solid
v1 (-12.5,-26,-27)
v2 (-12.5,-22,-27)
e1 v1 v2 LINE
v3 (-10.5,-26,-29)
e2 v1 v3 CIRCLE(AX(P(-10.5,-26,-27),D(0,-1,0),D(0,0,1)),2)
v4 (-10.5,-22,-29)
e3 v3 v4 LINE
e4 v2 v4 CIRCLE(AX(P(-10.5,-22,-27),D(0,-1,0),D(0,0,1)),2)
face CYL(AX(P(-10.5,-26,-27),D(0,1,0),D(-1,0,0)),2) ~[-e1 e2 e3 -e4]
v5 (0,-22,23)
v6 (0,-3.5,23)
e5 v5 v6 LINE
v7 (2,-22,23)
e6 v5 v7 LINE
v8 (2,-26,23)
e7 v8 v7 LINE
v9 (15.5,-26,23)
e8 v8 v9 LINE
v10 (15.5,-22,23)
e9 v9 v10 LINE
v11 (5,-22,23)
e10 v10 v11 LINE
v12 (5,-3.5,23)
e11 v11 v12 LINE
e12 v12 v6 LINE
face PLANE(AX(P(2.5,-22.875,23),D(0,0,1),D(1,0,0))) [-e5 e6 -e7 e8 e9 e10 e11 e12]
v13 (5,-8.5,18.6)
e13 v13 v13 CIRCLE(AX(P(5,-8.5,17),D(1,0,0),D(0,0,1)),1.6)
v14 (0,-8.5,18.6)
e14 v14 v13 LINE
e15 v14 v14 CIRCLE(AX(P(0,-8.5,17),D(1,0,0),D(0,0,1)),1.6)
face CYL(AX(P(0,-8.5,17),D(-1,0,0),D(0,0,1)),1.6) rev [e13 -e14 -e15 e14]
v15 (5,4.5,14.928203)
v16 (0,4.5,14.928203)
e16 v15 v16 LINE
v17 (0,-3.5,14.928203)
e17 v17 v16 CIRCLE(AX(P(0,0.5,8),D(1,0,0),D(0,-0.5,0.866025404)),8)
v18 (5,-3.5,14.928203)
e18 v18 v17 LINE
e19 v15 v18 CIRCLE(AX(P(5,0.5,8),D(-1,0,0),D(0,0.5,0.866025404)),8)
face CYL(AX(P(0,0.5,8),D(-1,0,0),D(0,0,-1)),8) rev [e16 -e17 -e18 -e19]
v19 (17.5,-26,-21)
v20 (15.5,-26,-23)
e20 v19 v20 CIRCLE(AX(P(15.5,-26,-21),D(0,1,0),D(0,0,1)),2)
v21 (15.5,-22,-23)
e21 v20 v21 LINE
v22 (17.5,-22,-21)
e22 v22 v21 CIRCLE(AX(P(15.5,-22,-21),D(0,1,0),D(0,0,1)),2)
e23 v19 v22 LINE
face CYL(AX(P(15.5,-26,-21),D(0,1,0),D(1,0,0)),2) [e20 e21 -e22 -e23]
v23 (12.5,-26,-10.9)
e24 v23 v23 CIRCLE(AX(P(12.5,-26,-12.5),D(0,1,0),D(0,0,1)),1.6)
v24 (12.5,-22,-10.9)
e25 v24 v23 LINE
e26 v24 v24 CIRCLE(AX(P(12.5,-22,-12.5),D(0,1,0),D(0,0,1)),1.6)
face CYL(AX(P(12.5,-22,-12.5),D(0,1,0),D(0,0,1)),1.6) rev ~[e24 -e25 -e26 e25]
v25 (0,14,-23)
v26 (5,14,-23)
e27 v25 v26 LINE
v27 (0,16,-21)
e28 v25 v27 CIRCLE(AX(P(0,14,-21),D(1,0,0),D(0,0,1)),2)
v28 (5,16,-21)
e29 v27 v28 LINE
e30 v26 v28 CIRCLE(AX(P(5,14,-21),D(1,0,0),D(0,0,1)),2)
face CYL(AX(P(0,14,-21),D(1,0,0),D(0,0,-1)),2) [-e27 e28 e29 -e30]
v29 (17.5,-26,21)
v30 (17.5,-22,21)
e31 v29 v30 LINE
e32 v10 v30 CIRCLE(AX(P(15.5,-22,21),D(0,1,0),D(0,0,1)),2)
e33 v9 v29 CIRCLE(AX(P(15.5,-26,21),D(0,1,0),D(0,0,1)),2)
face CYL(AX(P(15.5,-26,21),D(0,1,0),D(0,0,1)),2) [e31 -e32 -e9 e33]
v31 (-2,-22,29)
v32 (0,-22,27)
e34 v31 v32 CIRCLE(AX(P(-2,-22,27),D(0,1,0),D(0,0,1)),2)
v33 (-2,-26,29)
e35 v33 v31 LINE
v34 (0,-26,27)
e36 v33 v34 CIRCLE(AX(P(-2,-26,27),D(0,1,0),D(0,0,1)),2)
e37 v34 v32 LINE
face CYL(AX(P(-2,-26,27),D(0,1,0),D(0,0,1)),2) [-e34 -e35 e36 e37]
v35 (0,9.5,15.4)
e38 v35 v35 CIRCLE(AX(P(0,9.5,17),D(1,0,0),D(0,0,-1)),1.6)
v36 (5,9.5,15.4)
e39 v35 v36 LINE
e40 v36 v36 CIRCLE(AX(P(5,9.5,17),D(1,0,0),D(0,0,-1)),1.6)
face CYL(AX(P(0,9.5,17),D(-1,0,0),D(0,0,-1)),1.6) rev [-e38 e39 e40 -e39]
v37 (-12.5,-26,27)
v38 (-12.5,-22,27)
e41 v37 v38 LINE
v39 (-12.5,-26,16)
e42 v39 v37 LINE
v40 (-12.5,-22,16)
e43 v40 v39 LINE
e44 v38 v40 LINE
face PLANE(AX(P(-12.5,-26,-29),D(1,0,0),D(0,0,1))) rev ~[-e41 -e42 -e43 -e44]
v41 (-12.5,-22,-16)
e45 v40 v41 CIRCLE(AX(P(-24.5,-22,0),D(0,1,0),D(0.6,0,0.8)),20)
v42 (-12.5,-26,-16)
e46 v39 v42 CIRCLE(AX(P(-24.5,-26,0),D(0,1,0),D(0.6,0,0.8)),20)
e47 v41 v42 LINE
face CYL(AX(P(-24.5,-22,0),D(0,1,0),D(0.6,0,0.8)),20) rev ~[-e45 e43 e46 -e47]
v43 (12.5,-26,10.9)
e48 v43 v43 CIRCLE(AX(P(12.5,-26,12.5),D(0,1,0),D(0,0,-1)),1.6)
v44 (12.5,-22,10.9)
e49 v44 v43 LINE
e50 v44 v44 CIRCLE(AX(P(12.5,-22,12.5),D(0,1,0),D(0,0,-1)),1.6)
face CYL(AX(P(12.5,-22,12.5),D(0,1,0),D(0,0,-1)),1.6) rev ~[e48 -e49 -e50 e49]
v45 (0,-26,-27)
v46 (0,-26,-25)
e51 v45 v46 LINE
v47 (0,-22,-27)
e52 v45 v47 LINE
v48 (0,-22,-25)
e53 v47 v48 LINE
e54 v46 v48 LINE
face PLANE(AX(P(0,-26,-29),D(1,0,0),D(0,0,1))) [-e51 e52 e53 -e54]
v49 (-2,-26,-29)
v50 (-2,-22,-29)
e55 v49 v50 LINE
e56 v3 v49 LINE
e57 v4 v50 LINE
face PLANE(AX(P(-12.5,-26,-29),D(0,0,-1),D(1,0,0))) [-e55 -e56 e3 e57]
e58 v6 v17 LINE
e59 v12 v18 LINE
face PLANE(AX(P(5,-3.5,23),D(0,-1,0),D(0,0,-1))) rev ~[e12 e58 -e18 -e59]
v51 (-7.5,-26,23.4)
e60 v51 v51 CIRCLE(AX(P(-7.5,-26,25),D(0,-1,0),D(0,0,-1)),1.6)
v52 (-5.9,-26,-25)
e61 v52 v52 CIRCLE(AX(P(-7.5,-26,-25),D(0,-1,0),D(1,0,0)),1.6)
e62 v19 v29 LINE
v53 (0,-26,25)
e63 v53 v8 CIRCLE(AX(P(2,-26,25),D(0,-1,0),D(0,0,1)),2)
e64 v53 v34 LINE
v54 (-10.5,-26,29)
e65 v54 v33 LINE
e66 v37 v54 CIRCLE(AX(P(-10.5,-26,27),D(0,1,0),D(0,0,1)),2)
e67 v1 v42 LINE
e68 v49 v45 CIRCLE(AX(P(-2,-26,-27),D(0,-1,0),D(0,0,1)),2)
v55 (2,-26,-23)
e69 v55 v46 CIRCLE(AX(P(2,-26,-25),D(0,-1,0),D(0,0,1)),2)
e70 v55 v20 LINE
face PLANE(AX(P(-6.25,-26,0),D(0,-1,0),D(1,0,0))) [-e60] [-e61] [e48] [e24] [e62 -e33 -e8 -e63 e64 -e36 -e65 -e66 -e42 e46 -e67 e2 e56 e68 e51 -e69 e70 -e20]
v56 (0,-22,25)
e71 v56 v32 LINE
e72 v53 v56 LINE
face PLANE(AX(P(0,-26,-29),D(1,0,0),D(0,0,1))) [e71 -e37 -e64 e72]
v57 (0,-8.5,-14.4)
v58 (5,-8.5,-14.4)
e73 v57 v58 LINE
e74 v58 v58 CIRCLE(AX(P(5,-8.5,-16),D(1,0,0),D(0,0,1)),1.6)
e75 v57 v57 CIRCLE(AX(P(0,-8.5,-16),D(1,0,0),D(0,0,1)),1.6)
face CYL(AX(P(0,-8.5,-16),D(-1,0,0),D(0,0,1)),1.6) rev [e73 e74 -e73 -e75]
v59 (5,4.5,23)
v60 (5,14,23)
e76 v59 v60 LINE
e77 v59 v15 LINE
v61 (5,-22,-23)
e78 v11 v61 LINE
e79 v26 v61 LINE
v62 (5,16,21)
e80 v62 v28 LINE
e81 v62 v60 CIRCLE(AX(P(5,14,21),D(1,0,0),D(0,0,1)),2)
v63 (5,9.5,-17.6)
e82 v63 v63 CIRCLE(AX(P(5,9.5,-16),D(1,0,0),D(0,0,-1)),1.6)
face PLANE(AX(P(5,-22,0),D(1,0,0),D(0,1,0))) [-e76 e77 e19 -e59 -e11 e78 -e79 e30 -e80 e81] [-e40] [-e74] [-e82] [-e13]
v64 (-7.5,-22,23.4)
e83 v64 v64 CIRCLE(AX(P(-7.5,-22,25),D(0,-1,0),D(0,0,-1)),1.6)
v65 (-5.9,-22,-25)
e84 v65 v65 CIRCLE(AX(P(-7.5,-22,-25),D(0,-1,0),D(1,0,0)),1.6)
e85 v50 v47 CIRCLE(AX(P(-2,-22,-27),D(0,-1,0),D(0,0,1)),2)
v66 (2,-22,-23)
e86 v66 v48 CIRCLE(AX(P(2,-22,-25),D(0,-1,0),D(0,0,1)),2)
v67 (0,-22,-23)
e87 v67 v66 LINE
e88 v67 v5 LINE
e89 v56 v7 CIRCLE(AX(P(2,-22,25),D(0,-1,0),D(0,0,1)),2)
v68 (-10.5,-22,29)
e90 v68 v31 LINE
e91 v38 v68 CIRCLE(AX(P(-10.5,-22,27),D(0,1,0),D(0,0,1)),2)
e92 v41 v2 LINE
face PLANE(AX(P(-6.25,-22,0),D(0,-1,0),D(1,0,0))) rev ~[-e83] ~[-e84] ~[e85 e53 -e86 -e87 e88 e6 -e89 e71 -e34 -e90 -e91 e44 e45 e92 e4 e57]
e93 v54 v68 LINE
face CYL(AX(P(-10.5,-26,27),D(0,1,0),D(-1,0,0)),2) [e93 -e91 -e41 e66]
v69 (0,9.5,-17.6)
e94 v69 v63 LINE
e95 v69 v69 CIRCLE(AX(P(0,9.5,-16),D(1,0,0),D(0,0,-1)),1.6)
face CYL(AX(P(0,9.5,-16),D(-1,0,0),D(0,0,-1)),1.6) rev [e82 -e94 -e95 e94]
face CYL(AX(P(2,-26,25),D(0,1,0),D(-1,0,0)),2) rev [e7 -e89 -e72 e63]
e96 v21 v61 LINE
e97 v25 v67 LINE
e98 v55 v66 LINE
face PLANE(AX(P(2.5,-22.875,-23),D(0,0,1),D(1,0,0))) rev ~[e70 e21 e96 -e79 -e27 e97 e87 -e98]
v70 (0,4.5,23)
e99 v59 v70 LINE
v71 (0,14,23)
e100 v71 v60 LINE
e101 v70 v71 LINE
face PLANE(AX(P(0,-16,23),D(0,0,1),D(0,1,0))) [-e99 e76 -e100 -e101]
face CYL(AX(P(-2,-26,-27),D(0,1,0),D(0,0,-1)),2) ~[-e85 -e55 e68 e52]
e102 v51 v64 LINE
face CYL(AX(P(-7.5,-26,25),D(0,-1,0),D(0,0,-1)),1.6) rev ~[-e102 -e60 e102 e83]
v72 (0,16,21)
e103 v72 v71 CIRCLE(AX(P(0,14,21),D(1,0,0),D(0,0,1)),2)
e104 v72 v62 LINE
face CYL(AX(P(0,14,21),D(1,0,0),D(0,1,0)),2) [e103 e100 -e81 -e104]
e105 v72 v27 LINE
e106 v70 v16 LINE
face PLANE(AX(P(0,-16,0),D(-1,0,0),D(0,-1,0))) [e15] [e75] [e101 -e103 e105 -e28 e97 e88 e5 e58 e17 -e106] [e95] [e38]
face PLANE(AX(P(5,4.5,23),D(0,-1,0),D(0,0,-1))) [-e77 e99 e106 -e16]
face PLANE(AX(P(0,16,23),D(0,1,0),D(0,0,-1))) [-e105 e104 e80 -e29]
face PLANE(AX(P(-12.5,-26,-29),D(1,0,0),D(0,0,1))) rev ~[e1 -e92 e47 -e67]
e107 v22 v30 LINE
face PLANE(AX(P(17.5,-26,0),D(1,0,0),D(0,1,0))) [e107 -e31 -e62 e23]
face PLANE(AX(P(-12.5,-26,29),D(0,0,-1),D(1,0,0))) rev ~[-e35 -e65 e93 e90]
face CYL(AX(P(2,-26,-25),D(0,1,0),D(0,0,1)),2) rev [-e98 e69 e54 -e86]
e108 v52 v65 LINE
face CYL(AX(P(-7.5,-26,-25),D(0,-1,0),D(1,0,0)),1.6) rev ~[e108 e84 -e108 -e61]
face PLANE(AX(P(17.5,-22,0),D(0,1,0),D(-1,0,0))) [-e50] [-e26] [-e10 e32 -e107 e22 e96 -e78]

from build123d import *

# Parameters (mm, degrees)
SKETCH1_W           = 46
SKETCH1_H           = 32
SKETCH1_R           = 1.6
SKETCH1_R_2         = 8
EXTRUDE1_DEPTH      = 5
SKETCH2_W           = 10
SKETCH2_H           = 8
EXTRUDE2_DEPTH      = 29.460498942
EXTRUDE3_DEPTH      = 23
SKETCH4_R           = 1.6
EXTRUDE4_DEPTH      = 48.741491389
SKETCH_1_W          = 12.5
SKETCH_1_H          = 58
SKETCH_1_R          = 1.6
EXTRUDE_1_DEPTH     = 4
CUT_EXTRUDE_1_DEPTH = 10
FILLET_1_R          = 2


with BuildPart() as part:
    # Sketch1 → Extrude1 (new body)
    with BuildSketch(Plane(origin=(0, 0, 0), x_dir=(0, 0, -1), z_dir=(1, 0, 0))):
        Rectangle(SKETCH1_W, SKETCH1_H)
        with Locations((16, 9.5)):
            Circle(SKETCH1_R, mode=Mode.SUBTRACT)
        with Locations((-17, 9.5)):
            Circle(SKETCH1_R, mode=Mode.SUBTRACT)
        with Locations((-8, 0.5)):
            Circle(SKETCH1_R_2, mode=Mode.SUBTRACT)
        with Locations(Location((-17, -8.5, 0), (0, 0, 180))):
            Circle(SKETCH1_R, mode=Mode.SUBTRACT)
        with Locations(Location((16, -8.5, 0), (0, 0, 180))):
            Circle(SKETCH1_R, mode=Mode.SUBTRACT)
    extrude(amount=EXTRUDE1_DEPTH)

    # Sketch2 → Extrude2 (cut, through all)
    with BuildSketch(Plane(origin=(5, 0, 0), x_dir=(0, 0, -1), z_dir=(1, 0, 0))):
        with Locations((-18, 0.5)):
            Rectangle(SKETCH2_W, SKETCH2_H)
    extrude(amount=-EXTRUDE2_DEPTH, mode=Mode.SUBTRACT)

    # Sketch3 → Extrude3 (add, symmetric)
    with BuildSketch(Plane.XY):
        Polygon((0, -16), (0, -22), (-12.5, -22), (-12.5, -26), (17.5, -26), (17.5, -22), (5, -22), (5, -16), align=None)
    extrude(amount=EXTRUDE3_DEPTH, both=True)

    # Sketch4 → Extrude4 (cut, through all)
    with BuildSketch(Plane(origin=(0, -22, 0), x_dir=(1, 0, 0), z_dir=(0, 1, 0))):
        with Locations(Location((-7.5, -12.5, 0), (0, 0, 270))):
            Circle(SKETCH4_R)
        with Locations(Location((12.5, -12.5, 0), (0, 0, 90))):
            Circle(SKETCH4_R)
        with Locations(Location((-7.5, 12.5, 0), (0, 0, 90))):
            Circle(SKETCH4_R)
        with Locations(Location((12.5, 12.5, 0), (0, 0, 270))):
            Circle(SKETCH4_R)
    extrude(amount=-EXTRUDE4_DEPTH, mode=Mode.SUBTRACT)

    # 草图1 → 凸台-拉伸1 (add)
    with BuildSketch(Plane.XZ.offset(26)):
        with Locations((-6.25, 0)):
            Rectangle(SKETCH_1_W, SKETCH_1_H)
        with Locations((-7.5, -25)):
            Circle(SKETCH_1_R, mode=Mode.SUBTRACT)
        with Locations(Location((-7.5, 25, 0), (0, 0, 270))):
            Circle(SKETCH_1_R, mode=Mode.SUBTRACT)
    extrude(amount=-EXTRUDE_1_DEPTH)

    # 草图2 → 切除-拉伸1 (cut)
    with BuildSketch(Plane(origin=(0, -22, 0), x_dir=(1, 0, 0), z_dir=(0, 1, 0))):
        with BuildLine():
            Line((-12.5, 16), (-12.5, -16))
            ThreePointArc((-12.5, -16), (-4.5, 0), (-12.5, 16))
        make_face()
    extrude(amount=-CUT_EXTRUDE_1_DEPTH, mode=Mode.SUBTRACT)

    # 圆角1
    fillet_1_edges = [part.edges().sort_by_distance(p)[0] for p in [
        (0, -24, 29),
        (-12.5, -24, -29),
        (0, -24, -29),
        (0, -24, -23),
        (0, -24, 23),
        (-12.5, -24, 29),
        (17.5, -24, -23),
        (17.5, -24, 23),
        (2.5, 16, 23),
        (2.5, 16, -23),
    ]]
    fillet(fillet_1_edges, radius=FILLET_1_R)


solid = part.part
